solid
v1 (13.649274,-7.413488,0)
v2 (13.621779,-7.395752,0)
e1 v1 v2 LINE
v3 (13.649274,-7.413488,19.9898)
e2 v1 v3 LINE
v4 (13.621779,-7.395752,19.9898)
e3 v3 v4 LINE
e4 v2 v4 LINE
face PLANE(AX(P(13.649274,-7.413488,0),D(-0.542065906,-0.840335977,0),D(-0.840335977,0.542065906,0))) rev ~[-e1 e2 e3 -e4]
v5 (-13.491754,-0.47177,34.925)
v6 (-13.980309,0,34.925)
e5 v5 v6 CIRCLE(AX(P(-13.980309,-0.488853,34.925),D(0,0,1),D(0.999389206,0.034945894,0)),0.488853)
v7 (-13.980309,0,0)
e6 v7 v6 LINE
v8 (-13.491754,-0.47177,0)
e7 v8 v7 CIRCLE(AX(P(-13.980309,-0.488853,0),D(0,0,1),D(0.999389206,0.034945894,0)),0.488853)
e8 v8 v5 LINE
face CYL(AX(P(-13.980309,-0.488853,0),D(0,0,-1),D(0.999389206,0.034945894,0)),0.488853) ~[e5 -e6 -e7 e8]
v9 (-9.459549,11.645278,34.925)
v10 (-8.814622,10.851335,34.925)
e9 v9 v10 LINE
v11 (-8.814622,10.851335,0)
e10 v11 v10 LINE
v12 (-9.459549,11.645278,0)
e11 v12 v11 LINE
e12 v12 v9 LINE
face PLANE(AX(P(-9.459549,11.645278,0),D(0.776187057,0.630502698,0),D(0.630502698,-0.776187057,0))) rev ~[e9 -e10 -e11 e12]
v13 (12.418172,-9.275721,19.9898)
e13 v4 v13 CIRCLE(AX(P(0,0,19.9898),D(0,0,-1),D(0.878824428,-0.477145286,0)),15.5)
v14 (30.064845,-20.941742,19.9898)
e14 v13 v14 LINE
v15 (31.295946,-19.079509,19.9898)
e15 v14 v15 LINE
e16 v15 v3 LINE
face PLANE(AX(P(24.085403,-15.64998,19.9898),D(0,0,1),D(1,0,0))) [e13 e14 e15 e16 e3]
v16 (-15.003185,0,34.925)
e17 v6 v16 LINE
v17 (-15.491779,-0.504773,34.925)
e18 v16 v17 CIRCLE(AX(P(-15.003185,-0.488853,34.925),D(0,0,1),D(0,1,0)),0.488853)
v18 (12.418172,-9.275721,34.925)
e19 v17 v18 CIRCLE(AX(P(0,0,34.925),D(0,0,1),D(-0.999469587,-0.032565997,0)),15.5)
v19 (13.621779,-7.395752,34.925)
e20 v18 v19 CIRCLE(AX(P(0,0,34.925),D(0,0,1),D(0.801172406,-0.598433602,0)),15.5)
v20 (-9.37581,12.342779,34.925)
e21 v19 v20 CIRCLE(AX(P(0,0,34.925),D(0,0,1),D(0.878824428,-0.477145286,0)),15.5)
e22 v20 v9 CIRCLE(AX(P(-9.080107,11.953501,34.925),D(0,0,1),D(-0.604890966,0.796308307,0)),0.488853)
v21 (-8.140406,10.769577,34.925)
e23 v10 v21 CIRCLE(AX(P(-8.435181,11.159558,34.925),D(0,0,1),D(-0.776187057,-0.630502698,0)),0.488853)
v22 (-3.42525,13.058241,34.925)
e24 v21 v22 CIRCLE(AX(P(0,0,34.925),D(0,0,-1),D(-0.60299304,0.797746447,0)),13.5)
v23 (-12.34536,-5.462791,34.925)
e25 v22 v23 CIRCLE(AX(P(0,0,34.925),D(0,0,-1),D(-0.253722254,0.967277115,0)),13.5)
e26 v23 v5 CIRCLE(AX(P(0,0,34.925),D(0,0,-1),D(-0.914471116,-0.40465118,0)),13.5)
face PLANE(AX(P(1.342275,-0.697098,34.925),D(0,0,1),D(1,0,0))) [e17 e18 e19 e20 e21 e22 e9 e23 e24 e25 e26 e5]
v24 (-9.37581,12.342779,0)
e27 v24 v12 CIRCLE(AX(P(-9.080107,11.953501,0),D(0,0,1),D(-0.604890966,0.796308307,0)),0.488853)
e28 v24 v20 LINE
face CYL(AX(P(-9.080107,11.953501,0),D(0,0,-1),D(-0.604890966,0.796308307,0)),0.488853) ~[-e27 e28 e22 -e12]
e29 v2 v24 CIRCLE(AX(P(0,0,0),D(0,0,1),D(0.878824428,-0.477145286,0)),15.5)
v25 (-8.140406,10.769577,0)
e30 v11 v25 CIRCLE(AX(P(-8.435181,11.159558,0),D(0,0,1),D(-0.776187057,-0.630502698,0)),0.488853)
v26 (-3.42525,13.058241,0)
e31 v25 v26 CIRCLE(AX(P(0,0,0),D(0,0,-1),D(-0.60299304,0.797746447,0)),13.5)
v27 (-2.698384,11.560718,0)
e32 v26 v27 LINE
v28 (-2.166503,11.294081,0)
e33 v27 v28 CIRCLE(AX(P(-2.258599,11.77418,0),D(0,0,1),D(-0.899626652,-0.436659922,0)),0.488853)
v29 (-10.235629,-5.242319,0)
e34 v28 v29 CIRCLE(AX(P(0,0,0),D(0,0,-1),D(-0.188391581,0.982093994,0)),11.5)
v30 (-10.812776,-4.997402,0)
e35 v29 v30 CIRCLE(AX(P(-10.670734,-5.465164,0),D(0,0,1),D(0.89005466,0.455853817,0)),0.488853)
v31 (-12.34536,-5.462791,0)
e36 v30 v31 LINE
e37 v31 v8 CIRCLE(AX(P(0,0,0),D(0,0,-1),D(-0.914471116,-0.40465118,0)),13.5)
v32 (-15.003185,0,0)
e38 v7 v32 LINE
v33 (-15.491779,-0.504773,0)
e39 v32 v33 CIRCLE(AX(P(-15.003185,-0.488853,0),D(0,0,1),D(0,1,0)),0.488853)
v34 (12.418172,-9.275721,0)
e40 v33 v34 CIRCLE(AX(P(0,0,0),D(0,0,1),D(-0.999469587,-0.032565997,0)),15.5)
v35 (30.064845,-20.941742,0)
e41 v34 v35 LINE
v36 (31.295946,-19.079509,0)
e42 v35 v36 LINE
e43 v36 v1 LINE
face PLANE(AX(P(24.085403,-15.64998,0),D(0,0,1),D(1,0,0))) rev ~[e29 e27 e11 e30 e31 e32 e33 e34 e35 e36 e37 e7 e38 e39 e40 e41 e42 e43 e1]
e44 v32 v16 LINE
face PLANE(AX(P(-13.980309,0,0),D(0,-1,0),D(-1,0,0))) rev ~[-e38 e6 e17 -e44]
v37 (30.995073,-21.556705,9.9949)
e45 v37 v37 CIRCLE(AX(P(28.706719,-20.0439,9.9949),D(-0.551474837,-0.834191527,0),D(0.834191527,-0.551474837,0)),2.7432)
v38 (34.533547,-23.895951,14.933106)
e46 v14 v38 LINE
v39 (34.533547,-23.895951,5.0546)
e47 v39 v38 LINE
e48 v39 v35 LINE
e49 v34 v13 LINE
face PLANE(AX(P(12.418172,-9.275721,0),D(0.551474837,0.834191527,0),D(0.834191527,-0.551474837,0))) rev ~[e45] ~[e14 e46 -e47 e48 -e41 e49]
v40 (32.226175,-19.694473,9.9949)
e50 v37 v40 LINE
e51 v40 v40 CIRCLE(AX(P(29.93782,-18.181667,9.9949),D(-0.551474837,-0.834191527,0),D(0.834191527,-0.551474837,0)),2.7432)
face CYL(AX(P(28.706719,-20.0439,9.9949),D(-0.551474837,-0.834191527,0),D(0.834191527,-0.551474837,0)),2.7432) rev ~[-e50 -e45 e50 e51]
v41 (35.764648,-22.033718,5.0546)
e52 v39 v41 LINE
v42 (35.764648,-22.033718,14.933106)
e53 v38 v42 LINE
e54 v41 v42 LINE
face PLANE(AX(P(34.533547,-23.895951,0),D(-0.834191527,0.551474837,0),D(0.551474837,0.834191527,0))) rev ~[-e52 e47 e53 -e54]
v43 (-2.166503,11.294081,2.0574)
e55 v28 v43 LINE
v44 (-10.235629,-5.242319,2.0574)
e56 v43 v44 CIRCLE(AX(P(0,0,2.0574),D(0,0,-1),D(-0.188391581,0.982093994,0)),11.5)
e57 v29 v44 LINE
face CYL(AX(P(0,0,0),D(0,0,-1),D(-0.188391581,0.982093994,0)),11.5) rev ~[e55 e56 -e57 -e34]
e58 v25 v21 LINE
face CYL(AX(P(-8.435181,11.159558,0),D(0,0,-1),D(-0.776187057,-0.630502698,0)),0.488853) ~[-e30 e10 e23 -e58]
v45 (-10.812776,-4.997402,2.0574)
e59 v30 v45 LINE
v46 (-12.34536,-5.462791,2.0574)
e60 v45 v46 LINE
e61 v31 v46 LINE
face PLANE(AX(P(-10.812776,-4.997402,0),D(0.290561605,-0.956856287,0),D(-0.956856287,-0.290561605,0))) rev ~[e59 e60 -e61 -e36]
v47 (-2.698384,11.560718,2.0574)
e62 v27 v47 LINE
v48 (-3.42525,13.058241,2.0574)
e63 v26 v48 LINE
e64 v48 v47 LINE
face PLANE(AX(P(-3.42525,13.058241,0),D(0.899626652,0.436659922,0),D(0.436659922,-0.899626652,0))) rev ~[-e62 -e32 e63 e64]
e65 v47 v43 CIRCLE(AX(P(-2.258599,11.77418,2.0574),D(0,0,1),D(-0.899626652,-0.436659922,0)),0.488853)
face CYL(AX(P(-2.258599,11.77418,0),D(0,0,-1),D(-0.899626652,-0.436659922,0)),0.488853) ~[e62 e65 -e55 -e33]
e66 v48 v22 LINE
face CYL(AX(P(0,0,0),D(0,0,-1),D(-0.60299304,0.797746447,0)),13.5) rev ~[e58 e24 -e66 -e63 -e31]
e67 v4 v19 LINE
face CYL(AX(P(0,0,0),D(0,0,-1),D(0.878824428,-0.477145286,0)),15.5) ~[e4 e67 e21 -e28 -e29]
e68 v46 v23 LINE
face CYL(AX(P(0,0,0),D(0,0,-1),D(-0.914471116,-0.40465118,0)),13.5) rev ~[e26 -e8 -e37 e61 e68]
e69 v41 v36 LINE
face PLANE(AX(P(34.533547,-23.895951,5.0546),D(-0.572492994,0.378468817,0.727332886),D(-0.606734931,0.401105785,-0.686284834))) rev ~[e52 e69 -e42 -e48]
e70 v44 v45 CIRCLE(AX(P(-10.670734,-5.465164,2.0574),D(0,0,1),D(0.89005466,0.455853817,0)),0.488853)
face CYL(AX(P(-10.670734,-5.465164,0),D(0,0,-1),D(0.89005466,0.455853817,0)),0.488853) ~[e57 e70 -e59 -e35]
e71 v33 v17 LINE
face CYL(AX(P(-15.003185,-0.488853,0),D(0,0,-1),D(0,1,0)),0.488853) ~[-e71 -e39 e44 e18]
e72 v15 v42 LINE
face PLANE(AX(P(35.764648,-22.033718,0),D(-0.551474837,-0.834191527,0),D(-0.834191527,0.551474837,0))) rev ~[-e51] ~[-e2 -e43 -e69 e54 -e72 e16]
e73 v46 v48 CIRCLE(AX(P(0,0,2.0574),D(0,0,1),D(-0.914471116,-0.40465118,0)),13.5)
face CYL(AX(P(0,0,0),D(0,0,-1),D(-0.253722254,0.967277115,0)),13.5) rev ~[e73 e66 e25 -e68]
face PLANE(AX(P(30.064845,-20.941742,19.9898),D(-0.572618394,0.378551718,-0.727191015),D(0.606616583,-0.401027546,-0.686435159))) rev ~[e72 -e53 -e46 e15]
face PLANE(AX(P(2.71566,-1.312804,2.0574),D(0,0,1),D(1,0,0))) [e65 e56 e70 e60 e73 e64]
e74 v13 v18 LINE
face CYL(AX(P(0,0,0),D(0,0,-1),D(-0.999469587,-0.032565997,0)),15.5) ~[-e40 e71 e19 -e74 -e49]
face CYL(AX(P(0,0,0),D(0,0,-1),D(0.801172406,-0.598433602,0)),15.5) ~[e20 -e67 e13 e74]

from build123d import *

# Parameters (mm, degrees)
F1_DEPTH = 34.925
F2_DEPTH = 2.0574
F3_DEPTH = 19.9898
F5_DEPTH = 25.4
F6_R     = 2.7432
F7_DEPTH = 6.35


with BuildPart() as f1:
    # F0 (on Top) → F1 (new body)
    with BuildSketch(Plane.XY):
        with BuildLine():
            ThreePointArc((-12.3453600693, -5.4627909314), (-13.1573816932, -3.0221361616), (-13.4917542774, -0.4717695609))
            ThreePointArc((-13.4917542774, -0.4717695609), (-13.6407310124, -0.1371936881), (-13.9803086533, 0))
            Line((-13.9803086533, 0), (-15.0031849319, 0))
            ThreePointArc((-15.0031849319, 0), (-15.3544396488, -0.1488568693), (-15.4917786026, -0.5047729485))
            ThreePointArc((-15.4917786026, -0.5047729485), (-4.6469501431, -14.7870164119), (12.418172291, -9.2757208319))
            ThreePointArc((12.418172291, -9.2757208319), (13.0538627177, -8.357431911), (13.6217786378, -7.395751939))
            ThreePointArc((13.6217786378, -7.395751939), (10.0950215904, 11.7618254999), (-9.3758099768, 12.3427787503))
            ThreePointArc((-9.3758099768, 12.3427787503), (-9.5654748501, 12.0117719837), (-9.4595485787, 11.645277961))
            Line((-9.4595485787, 11.645277961), (-8.8146223253, 10.8513346324))
            ThreePointArc((-8.8146223253, 10.8513346324), (-8.4940297415, 10.6742598531), (-8.140406046, 10.7695770301))
            ThreePointArc((-8.140406046, 10.7695770301), (-5.8949637992, 12.1449331742), (-3.4252504313, 13.0582410563))
            ThreePointArc((-3.4252504313, 13.0582410563), (12.1628613148, -5.8578839727), (-12.3453600693, -5.4627909314))
        make_face()
    extrude(amount=F1_DEPTH)

    # F0 (on Top) → F2 (join)
    with BuildSketch(Plane.XY):
        with BuildLine():
            Line((-10.812776349, -4.9974023539), (-12.3453600693, -5.4627909314))
            ThreePointArc((-12.3453600693, -5.4627909314), (12.1628613148, -5.8578839727), (-3.4252504313, 13.0582410563))
            Line((-3.4252504313, 13.0582410563), (-2.6983841205, 11.5607179889))
            ThreePointArc((-2.6983841205, 11.5607179889), (-2.4776784158, 11.3371662815), (-2.1665031819, 11.294080926))
            ThreePointArc((-2.1665031819, 11.294080926), (10.3351994601, -5.0431787713), (-10.2356285878, -5.2423188965))
            ThreePointArc((-10.2356285878, -5.2423188965), (-10.4797694006, -5.0151537509), (-10.812776349, -4.9974023539))
        make_face()
    extrude(amount=F2_DEPTH)

    # F0 (on Top) → F3 (join)
    with BuildSketch(Plane.XY):
        with BuildLine():
            ThreePointArc((13.6217786378, -7.395751939), (13.0538627177, -8.357431911), (12.418172291, -9.2757208319))
            Line((12.418172291, -9.2757208319), (34.5335465265, -23.8959513212))
            Line((34.5335465265, -23.8959513212), (35.7646481522, -22.033718493))
            Line((35.7646481522, -22.033718493), (13.6492739167, -7.4134880037))
            Line((13.6492739167, -7.4134880037), (13.6217786378, -7.395751939))
        make_face()
    extrude(amount=F3_DEPTH)

    # F4 (on face) → F5 (cut)
    with BuildSketch(Plane(origin=(-0.4904917501, -0.7419451164, 0), x_dir=(0.8341915273, -0.551474837, 0), z_dir=(-0.551474837, -0.8341915273, 0))):
        Polygon((41.9856077785, 5.0546), (36.6286821663, 0), (41.9856077785, 0), align=None)
        Polygon((41.9856077785, 19.9898), (36.6286821663, 19.9898), (41.9856077785, 14.9331064895), align=None)
    extrude(amount=-F5_DEPTH, mode=Mode.SUBTRACT)

    # F6 (on face) → F7 (cut)
    with BuildSketch(Plane(origin=(-0.4904917501, -0.7419451164, 0), x_dir=(0.8341915273, -0.551474837, 0), z_dir=(-0.551474837, -0.8341915273, 0))):
        with Locations((35.0006077785, 9.9949)):
            Circle(F6_R)
    extrude(amount=-F7_DEPTH, mode=Mode.SUBTRACT)


solid = f1.part
